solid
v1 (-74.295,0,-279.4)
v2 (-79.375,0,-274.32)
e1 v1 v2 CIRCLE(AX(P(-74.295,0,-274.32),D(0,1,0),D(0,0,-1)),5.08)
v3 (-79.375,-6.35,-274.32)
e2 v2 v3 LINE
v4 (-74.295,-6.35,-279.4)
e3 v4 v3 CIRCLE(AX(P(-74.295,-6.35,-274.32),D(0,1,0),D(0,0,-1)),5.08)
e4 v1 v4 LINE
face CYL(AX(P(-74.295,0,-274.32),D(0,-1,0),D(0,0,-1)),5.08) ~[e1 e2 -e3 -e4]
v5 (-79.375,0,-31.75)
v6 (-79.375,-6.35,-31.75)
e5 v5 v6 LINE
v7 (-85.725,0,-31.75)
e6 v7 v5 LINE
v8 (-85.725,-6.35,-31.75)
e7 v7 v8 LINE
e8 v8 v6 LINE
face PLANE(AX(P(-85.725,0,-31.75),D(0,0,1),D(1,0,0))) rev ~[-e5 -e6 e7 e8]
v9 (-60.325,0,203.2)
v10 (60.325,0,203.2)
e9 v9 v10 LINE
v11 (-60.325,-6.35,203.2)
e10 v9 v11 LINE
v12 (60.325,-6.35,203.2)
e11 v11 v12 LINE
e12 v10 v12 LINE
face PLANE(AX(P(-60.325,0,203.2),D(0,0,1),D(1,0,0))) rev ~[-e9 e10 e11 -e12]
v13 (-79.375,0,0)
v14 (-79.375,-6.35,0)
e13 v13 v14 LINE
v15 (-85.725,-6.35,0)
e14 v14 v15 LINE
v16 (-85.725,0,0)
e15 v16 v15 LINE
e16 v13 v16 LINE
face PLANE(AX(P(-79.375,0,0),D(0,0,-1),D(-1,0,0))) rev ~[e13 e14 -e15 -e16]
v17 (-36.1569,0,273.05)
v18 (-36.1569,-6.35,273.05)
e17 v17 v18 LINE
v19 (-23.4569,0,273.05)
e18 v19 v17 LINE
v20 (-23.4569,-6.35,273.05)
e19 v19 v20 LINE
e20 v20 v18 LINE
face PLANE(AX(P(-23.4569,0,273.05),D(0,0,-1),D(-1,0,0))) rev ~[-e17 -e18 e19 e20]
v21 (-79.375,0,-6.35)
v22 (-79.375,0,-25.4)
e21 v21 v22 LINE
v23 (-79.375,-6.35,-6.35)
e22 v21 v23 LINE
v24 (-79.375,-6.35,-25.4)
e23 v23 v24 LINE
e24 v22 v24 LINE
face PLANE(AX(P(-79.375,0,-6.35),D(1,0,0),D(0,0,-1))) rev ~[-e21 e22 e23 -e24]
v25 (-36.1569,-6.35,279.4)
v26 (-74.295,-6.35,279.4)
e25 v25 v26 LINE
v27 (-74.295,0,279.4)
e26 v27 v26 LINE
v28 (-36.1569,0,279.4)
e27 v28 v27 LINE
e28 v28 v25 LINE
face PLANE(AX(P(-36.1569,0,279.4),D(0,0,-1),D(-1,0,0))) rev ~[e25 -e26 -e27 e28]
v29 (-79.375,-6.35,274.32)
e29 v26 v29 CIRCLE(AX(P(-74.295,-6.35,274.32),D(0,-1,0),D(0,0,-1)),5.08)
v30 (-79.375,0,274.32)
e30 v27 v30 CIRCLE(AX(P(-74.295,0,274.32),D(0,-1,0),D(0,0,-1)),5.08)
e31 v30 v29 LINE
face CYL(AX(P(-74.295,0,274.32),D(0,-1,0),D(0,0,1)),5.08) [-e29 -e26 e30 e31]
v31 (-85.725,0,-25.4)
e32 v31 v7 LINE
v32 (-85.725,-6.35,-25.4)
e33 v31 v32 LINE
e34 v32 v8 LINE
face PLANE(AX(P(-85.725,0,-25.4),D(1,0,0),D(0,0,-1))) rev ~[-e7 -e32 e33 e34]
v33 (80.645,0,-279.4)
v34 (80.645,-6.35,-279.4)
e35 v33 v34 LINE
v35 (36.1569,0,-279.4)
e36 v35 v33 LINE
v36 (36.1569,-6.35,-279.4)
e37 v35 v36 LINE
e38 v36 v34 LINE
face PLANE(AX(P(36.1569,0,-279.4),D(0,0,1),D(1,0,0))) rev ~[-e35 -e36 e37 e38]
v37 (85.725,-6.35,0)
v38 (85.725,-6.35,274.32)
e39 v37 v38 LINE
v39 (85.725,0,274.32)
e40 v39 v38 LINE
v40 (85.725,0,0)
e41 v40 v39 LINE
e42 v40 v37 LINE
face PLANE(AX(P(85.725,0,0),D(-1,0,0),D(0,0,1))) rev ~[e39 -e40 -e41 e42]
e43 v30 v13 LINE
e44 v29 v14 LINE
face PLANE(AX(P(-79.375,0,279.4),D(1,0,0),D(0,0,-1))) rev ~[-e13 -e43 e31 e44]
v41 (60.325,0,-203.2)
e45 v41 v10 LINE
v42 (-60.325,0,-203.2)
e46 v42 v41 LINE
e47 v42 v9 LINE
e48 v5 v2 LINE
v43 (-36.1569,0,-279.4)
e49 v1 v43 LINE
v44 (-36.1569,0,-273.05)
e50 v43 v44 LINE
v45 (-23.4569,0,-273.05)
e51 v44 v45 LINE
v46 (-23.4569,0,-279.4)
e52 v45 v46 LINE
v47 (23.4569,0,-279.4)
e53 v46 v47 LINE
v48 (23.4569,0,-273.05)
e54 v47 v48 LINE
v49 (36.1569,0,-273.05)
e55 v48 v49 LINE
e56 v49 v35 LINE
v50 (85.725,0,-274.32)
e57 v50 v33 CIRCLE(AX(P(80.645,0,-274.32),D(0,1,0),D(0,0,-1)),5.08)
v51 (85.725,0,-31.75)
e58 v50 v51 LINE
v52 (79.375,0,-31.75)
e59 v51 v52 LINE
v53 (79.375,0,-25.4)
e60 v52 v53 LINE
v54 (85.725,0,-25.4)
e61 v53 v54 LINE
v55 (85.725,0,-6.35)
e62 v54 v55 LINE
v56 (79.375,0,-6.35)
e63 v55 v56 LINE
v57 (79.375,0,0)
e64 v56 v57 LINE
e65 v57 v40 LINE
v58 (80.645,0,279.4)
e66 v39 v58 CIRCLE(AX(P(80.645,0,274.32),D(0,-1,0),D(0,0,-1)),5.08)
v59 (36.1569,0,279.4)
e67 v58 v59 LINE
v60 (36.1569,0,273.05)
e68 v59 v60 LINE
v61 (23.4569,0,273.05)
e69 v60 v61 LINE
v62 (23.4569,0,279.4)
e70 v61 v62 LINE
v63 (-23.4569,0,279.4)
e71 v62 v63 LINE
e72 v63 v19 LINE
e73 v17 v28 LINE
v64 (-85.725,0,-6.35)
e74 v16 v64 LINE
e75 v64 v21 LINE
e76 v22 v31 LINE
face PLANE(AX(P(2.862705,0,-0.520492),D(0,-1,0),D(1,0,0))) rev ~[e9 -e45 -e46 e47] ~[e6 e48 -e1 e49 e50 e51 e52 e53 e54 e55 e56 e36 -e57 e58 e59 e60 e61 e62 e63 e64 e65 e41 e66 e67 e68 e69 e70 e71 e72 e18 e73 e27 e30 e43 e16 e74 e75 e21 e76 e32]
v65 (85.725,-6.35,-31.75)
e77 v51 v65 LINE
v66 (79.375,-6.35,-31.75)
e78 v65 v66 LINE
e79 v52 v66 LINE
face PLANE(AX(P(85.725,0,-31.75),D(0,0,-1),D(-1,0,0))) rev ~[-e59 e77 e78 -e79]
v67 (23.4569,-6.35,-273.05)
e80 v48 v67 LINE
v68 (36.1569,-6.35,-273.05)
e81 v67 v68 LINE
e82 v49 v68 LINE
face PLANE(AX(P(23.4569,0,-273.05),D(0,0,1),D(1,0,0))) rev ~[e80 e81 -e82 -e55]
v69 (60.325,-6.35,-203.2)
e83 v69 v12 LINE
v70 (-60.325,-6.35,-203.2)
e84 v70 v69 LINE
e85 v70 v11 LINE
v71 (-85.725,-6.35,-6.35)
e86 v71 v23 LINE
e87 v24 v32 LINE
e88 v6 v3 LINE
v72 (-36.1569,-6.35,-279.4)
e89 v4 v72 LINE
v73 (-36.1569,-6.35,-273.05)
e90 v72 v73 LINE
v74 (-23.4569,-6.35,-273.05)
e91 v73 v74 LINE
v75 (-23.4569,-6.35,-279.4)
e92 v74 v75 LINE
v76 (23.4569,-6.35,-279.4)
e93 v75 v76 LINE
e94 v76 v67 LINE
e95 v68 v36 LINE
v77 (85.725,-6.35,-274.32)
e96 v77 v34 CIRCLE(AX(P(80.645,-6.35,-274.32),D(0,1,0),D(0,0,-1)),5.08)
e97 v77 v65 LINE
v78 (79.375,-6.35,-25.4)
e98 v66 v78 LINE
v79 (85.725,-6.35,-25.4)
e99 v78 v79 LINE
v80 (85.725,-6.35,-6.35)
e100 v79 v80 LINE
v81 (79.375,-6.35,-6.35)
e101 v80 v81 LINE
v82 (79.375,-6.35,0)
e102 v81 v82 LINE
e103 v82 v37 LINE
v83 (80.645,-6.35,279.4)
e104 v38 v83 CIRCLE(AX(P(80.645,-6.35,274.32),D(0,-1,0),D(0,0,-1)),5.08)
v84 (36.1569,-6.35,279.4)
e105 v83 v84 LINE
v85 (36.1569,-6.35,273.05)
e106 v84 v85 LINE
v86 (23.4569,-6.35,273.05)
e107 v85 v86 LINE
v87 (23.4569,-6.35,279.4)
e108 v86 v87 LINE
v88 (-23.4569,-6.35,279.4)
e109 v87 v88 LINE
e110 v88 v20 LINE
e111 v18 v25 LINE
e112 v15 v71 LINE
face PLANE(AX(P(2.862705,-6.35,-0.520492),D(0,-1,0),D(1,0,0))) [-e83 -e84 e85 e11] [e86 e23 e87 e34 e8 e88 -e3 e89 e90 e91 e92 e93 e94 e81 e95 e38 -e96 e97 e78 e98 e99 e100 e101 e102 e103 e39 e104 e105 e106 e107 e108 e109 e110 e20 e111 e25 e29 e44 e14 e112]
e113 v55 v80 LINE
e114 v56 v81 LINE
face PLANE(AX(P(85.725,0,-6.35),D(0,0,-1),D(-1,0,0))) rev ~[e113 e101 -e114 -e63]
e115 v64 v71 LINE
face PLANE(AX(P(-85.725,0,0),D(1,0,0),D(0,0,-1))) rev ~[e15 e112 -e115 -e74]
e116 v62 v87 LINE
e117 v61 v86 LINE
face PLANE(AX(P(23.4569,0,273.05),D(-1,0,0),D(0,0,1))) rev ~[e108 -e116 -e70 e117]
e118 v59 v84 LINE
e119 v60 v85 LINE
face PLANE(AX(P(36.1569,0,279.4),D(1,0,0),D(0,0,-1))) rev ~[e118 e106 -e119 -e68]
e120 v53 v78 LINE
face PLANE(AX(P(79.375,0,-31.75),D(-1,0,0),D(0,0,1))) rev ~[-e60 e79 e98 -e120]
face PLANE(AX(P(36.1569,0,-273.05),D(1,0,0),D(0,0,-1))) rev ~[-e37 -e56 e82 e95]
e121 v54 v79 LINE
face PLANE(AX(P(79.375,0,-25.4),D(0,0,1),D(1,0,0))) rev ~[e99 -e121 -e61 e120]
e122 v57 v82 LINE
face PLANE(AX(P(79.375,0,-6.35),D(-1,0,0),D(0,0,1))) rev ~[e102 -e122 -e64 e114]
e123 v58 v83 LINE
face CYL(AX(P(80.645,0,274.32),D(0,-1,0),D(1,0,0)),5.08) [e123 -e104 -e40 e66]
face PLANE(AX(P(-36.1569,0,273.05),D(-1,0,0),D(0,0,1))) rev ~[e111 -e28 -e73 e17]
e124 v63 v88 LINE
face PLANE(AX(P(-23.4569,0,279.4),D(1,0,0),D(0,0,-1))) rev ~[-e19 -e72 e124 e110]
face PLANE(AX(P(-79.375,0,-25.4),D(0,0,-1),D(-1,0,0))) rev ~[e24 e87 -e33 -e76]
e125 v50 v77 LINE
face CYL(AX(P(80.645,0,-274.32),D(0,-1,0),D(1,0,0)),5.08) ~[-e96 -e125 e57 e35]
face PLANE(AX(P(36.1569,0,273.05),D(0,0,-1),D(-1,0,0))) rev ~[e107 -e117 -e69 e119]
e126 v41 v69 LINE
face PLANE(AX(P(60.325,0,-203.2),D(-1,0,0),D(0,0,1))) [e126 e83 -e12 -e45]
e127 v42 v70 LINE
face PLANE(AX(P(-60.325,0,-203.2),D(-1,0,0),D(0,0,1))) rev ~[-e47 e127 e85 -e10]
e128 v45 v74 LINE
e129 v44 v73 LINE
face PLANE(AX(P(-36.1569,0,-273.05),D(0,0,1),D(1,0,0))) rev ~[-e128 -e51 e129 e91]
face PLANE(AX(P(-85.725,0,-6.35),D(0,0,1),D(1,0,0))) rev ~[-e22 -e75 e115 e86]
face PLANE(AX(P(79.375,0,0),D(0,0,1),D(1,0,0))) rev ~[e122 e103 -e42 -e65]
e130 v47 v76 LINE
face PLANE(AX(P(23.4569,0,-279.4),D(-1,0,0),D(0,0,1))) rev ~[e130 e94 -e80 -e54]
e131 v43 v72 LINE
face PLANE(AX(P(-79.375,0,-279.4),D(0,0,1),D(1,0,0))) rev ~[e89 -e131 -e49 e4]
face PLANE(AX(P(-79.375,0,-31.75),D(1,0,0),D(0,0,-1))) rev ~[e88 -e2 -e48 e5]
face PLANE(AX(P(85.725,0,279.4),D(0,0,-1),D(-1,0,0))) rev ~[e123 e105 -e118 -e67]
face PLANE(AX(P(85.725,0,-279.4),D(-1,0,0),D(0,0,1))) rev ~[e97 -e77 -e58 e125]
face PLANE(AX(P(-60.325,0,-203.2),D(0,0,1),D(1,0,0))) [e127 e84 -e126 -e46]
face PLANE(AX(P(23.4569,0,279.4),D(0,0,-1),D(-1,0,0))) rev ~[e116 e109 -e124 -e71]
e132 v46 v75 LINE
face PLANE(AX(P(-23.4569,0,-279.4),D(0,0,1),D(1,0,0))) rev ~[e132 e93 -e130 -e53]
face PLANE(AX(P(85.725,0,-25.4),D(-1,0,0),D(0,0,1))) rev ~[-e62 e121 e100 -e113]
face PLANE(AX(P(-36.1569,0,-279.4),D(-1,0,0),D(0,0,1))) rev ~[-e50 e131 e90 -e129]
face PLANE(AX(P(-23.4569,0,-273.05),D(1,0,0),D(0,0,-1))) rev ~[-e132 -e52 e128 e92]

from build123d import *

# Parameters (mm, degrees)
F0_W     = 120.65
F0_H     = 406.4
F1_DEPTH = 6.35
F2_R     = 5.08


with BuildPart() as f1:
    # F0 (on Front) → F1 (new body)
    with BuildSketch(Plane.XZ):
        Polygon((85.725, 0), (85.725, 279.4), (36.1569, 279.4), (36.1569, 273.05), (23.4569, 273.05), (23.4569, 279.4), (-23.4569, 279.4), (-23.4569, 273.05), (-36.1569, 273.05), (-36.1569, 279.4), (-79.375, 279.4), (-79.375, 0), (-85.725, 0), (-85.725, -6.35), (-79.375, -6.35), (-79.375, -25.4), (-85.725, -25.4), (-85.725, -31.75), (-79.375, -31.75), (-79.375, -279.4), (-36.1569, -279.4), (-36.1569, -273.05), (-23.4569, -273.05), (-23.4569, -279.4), (23.4569, -279.4), (23.4569, -273.05), (36.1569, -273.05), (36.1569, -279.4), (85.725, -279.4), (85.725, -31.75), (79.375, -31.75), (79.375, -25.4), (85.725, -25.4), (85.725, -6.35), (79.375, -6.35), (79.375, 0), align=None)
        Rectangle(F0_W, F0_H, mode=Mode.SUBTRACT)
    extrude(amount=F1_DEPTH)

    # F2
    f2_edges = [f1.edges().sort_by_distance(p)[0] for p in [
        (85.725, -3.175, 279.4),
        (-79.375, -3.175, 279.4),
        (85.725, -3.175, -279.4),
        (-79.375, -3.175, -279.4),
    ]]
    fillet(f2_edges, radius=F2_R)


solid = f1.part
